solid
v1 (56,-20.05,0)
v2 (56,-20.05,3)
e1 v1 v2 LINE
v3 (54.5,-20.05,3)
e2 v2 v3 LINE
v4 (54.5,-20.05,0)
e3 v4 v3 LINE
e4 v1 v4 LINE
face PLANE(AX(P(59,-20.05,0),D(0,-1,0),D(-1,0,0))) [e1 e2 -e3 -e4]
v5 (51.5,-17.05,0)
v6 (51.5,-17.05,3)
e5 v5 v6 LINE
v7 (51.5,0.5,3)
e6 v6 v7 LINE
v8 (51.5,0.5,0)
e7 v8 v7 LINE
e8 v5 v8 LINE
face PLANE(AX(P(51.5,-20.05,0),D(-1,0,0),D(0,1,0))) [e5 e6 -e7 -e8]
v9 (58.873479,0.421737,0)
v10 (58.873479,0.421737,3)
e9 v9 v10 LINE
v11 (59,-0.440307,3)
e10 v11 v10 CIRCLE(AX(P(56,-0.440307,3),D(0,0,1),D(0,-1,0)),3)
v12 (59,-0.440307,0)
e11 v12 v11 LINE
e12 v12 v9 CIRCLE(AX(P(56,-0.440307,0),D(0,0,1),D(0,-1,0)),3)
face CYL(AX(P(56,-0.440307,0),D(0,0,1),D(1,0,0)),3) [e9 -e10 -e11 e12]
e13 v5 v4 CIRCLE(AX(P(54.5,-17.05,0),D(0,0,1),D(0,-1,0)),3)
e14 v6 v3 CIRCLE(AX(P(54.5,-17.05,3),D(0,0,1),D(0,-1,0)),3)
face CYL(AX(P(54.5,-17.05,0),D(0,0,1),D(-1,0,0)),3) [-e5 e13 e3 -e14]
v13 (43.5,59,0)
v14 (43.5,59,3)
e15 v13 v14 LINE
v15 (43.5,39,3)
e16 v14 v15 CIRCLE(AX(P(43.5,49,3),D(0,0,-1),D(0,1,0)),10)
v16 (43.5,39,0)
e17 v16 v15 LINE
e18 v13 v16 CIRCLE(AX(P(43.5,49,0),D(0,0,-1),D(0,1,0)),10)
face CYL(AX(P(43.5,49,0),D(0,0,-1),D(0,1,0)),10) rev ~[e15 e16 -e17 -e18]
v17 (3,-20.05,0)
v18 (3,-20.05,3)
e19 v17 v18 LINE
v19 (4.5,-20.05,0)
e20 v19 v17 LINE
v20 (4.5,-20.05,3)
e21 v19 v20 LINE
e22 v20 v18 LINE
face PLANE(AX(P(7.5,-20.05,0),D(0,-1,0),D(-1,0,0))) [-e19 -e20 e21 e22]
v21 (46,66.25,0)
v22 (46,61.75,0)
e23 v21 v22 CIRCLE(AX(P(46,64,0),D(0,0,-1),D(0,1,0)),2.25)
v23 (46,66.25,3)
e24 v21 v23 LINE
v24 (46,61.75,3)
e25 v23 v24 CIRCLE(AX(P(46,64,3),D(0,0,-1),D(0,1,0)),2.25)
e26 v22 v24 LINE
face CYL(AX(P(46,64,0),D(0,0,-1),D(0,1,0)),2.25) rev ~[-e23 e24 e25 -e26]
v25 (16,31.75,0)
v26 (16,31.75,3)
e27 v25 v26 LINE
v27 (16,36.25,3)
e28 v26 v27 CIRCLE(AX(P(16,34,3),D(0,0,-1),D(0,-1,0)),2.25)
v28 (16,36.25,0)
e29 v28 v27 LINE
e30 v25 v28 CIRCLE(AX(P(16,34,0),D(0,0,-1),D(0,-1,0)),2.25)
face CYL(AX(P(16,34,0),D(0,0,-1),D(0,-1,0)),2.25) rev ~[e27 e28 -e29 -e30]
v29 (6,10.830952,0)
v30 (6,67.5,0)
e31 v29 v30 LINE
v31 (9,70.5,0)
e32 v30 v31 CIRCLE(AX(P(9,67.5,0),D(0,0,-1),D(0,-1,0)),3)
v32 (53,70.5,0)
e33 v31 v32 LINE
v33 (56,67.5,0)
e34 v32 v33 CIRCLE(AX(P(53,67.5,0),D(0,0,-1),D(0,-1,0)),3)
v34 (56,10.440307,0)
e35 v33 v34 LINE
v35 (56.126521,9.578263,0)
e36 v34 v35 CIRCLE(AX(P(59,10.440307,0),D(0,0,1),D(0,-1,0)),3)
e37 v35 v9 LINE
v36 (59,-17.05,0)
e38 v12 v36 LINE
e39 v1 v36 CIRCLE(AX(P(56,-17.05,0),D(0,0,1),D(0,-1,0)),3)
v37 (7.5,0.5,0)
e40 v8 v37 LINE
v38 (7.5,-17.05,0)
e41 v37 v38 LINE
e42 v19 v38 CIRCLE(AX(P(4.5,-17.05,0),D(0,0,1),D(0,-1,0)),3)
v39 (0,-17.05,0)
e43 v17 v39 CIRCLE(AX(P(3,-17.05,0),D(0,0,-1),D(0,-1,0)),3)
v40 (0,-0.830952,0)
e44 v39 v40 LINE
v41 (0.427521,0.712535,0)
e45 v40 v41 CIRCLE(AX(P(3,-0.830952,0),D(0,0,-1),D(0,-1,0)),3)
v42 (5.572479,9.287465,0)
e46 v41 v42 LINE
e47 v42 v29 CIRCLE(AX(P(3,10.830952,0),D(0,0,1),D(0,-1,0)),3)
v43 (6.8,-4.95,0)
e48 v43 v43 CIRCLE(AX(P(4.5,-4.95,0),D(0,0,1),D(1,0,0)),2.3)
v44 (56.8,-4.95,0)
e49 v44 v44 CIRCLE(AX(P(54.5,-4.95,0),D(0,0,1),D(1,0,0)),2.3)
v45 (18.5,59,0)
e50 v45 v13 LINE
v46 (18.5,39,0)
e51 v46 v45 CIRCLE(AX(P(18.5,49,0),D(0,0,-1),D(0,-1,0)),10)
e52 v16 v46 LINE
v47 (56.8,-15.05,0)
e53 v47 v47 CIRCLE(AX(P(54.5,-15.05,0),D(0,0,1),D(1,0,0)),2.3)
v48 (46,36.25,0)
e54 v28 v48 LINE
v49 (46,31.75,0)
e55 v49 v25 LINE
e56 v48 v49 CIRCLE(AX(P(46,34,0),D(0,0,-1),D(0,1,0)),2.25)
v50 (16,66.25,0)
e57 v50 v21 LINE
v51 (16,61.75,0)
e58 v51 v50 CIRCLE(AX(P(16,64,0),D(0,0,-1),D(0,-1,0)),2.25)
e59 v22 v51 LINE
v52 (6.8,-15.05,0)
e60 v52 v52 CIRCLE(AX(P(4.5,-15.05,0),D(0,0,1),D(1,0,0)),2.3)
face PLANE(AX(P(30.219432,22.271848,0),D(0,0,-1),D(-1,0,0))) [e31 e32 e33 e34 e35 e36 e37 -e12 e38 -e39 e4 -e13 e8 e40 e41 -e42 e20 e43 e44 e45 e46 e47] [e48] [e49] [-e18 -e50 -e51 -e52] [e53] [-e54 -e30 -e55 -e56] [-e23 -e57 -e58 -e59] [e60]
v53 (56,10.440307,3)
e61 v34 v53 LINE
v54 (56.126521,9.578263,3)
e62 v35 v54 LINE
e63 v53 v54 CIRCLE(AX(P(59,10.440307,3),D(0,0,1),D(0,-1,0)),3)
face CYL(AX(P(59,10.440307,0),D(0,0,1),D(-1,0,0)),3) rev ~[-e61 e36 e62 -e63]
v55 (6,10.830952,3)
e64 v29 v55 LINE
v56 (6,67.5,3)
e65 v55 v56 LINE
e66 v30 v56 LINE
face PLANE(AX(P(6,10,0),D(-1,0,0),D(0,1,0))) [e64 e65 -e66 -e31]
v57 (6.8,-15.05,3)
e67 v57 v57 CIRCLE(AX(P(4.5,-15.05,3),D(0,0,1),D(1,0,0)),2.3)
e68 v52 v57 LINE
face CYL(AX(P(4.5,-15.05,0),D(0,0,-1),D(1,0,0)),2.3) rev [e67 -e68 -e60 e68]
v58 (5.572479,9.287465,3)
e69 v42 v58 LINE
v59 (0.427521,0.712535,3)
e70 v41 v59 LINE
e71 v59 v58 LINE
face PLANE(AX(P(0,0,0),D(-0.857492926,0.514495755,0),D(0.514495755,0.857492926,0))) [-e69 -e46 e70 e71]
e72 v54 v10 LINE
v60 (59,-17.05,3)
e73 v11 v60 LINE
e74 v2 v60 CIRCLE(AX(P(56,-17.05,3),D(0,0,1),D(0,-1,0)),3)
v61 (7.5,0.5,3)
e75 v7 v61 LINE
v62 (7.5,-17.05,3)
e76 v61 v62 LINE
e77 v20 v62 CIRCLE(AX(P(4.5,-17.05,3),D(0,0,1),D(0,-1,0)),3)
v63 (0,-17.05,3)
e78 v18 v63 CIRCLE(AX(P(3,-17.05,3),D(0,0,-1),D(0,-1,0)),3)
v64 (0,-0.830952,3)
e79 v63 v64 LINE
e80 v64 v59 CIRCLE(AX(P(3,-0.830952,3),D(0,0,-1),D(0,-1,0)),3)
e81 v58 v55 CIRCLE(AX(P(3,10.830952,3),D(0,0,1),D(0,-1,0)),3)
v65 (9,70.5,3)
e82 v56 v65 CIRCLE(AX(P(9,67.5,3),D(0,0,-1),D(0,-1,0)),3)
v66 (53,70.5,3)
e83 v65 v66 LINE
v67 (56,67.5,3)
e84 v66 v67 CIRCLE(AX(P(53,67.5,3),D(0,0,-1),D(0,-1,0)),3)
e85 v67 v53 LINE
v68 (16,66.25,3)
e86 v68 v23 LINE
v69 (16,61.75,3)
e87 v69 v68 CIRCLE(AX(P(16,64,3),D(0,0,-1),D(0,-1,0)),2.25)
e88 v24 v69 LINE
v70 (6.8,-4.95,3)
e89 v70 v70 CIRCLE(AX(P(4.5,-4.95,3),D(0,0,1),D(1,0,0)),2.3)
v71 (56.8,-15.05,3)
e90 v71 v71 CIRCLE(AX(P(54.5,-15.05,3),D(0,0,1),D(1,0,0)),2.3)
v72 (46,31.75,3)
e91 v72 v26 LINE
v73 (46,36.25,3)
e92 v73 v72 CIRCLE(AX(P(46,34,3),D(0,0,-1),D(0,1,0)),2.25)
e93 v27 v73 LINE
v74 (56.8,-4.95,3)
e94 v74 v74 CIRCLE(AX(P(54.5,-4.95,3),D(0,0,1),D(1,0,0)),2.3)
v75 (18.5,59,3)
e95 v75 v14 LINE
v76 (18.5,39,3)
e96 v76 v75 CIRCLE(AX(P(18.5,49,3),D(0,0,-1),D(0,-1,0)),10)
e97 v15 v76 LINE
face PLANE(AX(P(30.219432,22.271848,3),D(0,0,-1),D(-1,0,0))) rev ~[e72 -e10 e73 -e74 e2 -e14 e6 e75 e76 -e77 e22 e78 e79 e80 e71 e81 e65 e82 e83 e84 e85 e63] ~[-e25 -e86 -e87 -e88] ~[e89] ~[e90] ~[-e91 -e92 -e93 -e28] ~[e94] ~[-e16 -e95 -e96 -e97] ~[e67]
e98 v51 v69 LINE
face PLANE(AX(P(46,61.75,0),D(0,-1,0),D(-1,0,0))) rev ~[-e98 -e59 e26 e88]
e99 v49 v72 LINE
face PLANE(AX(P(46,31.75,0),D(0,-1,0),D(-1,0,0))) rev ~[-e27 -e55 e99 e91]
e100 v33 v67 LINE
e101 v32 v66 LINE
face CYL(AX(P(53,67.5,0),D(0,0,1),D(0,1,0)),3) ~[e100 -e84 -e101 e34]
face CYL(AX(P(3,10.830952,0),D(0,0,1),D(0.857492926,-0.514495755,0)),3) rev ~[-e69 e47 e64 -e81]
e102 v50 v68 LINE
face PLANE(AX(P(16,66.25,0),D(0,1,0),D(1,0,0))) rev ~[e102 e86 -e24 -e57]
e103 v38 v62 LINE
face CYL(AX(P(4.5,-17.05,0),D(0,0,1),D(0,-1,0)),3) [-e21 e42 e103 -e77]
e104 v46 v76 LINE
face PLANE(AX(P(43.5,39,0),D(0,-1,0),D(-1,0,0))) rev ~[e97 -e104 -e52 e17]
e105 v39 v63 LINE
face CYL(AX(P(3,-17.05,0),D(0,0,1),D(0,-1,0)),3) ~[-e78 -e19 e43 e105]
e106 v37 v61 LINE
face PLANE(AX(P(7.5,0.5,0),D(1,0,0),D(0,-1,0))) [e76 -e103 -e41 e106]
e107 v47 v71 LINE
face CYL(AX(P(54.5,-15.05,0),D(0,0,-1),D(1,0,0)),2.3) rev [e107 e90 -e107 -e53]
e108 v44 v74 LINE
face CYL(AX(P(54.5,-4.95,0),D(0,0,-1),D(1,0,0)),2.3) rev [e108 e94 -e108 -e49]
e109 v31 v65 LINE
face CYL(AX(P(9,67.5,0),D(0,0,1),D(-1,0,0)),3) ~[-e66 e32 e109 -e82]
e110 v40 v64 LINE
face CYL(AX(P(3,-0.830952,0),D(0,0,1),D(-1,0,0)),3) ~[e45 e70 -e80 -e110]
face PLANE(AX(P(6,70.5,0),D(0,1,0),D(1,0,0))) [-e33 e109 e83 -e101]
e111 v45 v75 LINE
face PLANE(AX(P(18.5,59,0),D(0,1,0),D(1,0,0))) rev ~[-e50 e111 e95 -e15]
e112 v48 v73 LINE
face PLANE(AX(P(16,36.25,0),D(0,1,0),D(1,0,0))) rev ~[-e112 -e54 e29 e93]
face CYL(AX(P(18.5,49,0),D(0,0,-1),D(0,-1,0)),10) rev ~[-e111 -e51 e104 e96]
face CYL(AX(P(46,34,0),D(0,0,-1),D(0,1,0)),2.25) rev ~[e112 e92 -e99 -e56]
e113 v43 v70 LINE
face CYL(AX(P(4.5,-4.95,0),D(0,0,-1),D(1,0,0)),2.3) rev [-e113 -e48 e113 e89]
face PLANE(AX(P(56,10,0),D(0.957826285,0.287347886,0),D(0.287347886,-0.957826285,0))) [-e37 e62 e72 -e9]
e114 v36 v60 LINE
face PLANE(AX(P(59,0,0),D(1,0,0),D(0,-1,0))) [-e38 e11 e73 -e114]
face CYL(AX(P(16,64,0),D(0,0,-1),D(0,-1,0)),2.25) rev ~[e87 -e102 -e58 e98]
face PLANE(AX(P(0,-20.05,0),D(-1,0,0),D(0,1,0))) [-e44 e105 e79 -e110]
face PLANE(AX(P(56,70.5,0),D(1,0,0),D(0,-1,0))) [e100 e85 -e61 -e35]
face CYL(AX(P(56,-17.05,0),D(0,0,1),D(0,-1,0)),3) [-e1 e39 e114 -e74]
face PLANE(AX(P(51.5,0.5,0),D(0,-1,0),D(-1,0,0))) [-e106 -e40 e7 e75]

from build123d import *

# Parameters (mm, degrees)
SKETCH1_R           = 2.3
BOSS_EXTRUDE1_DEPTH = 3
FILLET1_R           = 3


with BuildPart() as part:
    # Sketch1 → Boss-Extrude1 (new body)
    with BuildSketch(Plane.XY):
        Polygon((7.5, -20.05), (0, -20.05), (0, 0), (6, 10), (6, 70.5), (56, 70.5), (56, 10), (59, 0), (59, -20.05), (51.5, -20.05), (51.5, 0.5), (7.5, 0.5), align=None)
        with Locations((4.5, -15.05)):
            Circle(SKETCH1_R, mode=Mode.SUBTRACT)
        with Locations((4.5, -4.95)):
            Circle(SKETCH1_R, mode=Mode.SUBTRACT)
        with Locations((54.5, -15.05)):
            Circle(SKETCH1_R, mode=Mode.SUBTRACT)
        with Locations((54.5, -4.95)):
            Circle(SKETCH1_R, mode=Mode.SUBTRACT)
        with BuildLine():
            Line((18.5, 59), (43.5, 59))
            ThreePointArc((43.5, 59), (53.5, 49), (43.5, 39))
            Line((43.5, 39), (18.5, 39))
            ThreePointArc((18.5, 39), (8.5, 49), (18.5, 59))
        make_face(mode=Mode.SUBTRACT)
        with BuildLine():
            Line((16, 66.25), (46, 66.25))
            ThreePointArc((46, 66.25), (48.25, 64), (46, 61.75))
            Line((46, 61.75), (16, 61.75))
            ThreePointArc((16, 61.75), (13.75, 64), (16, 66.25))
        make_face(mode=Mode.SUBTRACT)
        with BuildLine():
            Line((16, 36.25), (46, 36.25))
            ThreePointArc((46, 36.25), (48.25, 34), (46, 31.75))
            Line((46, 31.75), (16, 31.75))
            ThreePointArc((16, 31.75), (13.75, 34), (16, 36.25))
        make_face(mode=Mode.SUBTRACT)
    extrude(amount=BOSS_EXTRUDE1_DEPTH)

    # Fillet1
    fillet1_edges = [part.edges().sort_by_distance(p)[0] for p in [
        (0, 0, 1.5),
        (6, 10, 1.5),
        (6, 70.5, 1.5),
        (56, 70.5, 1.5),
        (56, 10, 1.5),
        (59, 0, 1.5),
        (59, -20.05, 1.5),
        (51.5, -20.05, 1.5),
        (7.5, -20.05, 1.5),
        (0, -20.05, 1.5),
    ]]
    fillet(fillet1_edges, radius=FILLET1_R)


solid = part.part
